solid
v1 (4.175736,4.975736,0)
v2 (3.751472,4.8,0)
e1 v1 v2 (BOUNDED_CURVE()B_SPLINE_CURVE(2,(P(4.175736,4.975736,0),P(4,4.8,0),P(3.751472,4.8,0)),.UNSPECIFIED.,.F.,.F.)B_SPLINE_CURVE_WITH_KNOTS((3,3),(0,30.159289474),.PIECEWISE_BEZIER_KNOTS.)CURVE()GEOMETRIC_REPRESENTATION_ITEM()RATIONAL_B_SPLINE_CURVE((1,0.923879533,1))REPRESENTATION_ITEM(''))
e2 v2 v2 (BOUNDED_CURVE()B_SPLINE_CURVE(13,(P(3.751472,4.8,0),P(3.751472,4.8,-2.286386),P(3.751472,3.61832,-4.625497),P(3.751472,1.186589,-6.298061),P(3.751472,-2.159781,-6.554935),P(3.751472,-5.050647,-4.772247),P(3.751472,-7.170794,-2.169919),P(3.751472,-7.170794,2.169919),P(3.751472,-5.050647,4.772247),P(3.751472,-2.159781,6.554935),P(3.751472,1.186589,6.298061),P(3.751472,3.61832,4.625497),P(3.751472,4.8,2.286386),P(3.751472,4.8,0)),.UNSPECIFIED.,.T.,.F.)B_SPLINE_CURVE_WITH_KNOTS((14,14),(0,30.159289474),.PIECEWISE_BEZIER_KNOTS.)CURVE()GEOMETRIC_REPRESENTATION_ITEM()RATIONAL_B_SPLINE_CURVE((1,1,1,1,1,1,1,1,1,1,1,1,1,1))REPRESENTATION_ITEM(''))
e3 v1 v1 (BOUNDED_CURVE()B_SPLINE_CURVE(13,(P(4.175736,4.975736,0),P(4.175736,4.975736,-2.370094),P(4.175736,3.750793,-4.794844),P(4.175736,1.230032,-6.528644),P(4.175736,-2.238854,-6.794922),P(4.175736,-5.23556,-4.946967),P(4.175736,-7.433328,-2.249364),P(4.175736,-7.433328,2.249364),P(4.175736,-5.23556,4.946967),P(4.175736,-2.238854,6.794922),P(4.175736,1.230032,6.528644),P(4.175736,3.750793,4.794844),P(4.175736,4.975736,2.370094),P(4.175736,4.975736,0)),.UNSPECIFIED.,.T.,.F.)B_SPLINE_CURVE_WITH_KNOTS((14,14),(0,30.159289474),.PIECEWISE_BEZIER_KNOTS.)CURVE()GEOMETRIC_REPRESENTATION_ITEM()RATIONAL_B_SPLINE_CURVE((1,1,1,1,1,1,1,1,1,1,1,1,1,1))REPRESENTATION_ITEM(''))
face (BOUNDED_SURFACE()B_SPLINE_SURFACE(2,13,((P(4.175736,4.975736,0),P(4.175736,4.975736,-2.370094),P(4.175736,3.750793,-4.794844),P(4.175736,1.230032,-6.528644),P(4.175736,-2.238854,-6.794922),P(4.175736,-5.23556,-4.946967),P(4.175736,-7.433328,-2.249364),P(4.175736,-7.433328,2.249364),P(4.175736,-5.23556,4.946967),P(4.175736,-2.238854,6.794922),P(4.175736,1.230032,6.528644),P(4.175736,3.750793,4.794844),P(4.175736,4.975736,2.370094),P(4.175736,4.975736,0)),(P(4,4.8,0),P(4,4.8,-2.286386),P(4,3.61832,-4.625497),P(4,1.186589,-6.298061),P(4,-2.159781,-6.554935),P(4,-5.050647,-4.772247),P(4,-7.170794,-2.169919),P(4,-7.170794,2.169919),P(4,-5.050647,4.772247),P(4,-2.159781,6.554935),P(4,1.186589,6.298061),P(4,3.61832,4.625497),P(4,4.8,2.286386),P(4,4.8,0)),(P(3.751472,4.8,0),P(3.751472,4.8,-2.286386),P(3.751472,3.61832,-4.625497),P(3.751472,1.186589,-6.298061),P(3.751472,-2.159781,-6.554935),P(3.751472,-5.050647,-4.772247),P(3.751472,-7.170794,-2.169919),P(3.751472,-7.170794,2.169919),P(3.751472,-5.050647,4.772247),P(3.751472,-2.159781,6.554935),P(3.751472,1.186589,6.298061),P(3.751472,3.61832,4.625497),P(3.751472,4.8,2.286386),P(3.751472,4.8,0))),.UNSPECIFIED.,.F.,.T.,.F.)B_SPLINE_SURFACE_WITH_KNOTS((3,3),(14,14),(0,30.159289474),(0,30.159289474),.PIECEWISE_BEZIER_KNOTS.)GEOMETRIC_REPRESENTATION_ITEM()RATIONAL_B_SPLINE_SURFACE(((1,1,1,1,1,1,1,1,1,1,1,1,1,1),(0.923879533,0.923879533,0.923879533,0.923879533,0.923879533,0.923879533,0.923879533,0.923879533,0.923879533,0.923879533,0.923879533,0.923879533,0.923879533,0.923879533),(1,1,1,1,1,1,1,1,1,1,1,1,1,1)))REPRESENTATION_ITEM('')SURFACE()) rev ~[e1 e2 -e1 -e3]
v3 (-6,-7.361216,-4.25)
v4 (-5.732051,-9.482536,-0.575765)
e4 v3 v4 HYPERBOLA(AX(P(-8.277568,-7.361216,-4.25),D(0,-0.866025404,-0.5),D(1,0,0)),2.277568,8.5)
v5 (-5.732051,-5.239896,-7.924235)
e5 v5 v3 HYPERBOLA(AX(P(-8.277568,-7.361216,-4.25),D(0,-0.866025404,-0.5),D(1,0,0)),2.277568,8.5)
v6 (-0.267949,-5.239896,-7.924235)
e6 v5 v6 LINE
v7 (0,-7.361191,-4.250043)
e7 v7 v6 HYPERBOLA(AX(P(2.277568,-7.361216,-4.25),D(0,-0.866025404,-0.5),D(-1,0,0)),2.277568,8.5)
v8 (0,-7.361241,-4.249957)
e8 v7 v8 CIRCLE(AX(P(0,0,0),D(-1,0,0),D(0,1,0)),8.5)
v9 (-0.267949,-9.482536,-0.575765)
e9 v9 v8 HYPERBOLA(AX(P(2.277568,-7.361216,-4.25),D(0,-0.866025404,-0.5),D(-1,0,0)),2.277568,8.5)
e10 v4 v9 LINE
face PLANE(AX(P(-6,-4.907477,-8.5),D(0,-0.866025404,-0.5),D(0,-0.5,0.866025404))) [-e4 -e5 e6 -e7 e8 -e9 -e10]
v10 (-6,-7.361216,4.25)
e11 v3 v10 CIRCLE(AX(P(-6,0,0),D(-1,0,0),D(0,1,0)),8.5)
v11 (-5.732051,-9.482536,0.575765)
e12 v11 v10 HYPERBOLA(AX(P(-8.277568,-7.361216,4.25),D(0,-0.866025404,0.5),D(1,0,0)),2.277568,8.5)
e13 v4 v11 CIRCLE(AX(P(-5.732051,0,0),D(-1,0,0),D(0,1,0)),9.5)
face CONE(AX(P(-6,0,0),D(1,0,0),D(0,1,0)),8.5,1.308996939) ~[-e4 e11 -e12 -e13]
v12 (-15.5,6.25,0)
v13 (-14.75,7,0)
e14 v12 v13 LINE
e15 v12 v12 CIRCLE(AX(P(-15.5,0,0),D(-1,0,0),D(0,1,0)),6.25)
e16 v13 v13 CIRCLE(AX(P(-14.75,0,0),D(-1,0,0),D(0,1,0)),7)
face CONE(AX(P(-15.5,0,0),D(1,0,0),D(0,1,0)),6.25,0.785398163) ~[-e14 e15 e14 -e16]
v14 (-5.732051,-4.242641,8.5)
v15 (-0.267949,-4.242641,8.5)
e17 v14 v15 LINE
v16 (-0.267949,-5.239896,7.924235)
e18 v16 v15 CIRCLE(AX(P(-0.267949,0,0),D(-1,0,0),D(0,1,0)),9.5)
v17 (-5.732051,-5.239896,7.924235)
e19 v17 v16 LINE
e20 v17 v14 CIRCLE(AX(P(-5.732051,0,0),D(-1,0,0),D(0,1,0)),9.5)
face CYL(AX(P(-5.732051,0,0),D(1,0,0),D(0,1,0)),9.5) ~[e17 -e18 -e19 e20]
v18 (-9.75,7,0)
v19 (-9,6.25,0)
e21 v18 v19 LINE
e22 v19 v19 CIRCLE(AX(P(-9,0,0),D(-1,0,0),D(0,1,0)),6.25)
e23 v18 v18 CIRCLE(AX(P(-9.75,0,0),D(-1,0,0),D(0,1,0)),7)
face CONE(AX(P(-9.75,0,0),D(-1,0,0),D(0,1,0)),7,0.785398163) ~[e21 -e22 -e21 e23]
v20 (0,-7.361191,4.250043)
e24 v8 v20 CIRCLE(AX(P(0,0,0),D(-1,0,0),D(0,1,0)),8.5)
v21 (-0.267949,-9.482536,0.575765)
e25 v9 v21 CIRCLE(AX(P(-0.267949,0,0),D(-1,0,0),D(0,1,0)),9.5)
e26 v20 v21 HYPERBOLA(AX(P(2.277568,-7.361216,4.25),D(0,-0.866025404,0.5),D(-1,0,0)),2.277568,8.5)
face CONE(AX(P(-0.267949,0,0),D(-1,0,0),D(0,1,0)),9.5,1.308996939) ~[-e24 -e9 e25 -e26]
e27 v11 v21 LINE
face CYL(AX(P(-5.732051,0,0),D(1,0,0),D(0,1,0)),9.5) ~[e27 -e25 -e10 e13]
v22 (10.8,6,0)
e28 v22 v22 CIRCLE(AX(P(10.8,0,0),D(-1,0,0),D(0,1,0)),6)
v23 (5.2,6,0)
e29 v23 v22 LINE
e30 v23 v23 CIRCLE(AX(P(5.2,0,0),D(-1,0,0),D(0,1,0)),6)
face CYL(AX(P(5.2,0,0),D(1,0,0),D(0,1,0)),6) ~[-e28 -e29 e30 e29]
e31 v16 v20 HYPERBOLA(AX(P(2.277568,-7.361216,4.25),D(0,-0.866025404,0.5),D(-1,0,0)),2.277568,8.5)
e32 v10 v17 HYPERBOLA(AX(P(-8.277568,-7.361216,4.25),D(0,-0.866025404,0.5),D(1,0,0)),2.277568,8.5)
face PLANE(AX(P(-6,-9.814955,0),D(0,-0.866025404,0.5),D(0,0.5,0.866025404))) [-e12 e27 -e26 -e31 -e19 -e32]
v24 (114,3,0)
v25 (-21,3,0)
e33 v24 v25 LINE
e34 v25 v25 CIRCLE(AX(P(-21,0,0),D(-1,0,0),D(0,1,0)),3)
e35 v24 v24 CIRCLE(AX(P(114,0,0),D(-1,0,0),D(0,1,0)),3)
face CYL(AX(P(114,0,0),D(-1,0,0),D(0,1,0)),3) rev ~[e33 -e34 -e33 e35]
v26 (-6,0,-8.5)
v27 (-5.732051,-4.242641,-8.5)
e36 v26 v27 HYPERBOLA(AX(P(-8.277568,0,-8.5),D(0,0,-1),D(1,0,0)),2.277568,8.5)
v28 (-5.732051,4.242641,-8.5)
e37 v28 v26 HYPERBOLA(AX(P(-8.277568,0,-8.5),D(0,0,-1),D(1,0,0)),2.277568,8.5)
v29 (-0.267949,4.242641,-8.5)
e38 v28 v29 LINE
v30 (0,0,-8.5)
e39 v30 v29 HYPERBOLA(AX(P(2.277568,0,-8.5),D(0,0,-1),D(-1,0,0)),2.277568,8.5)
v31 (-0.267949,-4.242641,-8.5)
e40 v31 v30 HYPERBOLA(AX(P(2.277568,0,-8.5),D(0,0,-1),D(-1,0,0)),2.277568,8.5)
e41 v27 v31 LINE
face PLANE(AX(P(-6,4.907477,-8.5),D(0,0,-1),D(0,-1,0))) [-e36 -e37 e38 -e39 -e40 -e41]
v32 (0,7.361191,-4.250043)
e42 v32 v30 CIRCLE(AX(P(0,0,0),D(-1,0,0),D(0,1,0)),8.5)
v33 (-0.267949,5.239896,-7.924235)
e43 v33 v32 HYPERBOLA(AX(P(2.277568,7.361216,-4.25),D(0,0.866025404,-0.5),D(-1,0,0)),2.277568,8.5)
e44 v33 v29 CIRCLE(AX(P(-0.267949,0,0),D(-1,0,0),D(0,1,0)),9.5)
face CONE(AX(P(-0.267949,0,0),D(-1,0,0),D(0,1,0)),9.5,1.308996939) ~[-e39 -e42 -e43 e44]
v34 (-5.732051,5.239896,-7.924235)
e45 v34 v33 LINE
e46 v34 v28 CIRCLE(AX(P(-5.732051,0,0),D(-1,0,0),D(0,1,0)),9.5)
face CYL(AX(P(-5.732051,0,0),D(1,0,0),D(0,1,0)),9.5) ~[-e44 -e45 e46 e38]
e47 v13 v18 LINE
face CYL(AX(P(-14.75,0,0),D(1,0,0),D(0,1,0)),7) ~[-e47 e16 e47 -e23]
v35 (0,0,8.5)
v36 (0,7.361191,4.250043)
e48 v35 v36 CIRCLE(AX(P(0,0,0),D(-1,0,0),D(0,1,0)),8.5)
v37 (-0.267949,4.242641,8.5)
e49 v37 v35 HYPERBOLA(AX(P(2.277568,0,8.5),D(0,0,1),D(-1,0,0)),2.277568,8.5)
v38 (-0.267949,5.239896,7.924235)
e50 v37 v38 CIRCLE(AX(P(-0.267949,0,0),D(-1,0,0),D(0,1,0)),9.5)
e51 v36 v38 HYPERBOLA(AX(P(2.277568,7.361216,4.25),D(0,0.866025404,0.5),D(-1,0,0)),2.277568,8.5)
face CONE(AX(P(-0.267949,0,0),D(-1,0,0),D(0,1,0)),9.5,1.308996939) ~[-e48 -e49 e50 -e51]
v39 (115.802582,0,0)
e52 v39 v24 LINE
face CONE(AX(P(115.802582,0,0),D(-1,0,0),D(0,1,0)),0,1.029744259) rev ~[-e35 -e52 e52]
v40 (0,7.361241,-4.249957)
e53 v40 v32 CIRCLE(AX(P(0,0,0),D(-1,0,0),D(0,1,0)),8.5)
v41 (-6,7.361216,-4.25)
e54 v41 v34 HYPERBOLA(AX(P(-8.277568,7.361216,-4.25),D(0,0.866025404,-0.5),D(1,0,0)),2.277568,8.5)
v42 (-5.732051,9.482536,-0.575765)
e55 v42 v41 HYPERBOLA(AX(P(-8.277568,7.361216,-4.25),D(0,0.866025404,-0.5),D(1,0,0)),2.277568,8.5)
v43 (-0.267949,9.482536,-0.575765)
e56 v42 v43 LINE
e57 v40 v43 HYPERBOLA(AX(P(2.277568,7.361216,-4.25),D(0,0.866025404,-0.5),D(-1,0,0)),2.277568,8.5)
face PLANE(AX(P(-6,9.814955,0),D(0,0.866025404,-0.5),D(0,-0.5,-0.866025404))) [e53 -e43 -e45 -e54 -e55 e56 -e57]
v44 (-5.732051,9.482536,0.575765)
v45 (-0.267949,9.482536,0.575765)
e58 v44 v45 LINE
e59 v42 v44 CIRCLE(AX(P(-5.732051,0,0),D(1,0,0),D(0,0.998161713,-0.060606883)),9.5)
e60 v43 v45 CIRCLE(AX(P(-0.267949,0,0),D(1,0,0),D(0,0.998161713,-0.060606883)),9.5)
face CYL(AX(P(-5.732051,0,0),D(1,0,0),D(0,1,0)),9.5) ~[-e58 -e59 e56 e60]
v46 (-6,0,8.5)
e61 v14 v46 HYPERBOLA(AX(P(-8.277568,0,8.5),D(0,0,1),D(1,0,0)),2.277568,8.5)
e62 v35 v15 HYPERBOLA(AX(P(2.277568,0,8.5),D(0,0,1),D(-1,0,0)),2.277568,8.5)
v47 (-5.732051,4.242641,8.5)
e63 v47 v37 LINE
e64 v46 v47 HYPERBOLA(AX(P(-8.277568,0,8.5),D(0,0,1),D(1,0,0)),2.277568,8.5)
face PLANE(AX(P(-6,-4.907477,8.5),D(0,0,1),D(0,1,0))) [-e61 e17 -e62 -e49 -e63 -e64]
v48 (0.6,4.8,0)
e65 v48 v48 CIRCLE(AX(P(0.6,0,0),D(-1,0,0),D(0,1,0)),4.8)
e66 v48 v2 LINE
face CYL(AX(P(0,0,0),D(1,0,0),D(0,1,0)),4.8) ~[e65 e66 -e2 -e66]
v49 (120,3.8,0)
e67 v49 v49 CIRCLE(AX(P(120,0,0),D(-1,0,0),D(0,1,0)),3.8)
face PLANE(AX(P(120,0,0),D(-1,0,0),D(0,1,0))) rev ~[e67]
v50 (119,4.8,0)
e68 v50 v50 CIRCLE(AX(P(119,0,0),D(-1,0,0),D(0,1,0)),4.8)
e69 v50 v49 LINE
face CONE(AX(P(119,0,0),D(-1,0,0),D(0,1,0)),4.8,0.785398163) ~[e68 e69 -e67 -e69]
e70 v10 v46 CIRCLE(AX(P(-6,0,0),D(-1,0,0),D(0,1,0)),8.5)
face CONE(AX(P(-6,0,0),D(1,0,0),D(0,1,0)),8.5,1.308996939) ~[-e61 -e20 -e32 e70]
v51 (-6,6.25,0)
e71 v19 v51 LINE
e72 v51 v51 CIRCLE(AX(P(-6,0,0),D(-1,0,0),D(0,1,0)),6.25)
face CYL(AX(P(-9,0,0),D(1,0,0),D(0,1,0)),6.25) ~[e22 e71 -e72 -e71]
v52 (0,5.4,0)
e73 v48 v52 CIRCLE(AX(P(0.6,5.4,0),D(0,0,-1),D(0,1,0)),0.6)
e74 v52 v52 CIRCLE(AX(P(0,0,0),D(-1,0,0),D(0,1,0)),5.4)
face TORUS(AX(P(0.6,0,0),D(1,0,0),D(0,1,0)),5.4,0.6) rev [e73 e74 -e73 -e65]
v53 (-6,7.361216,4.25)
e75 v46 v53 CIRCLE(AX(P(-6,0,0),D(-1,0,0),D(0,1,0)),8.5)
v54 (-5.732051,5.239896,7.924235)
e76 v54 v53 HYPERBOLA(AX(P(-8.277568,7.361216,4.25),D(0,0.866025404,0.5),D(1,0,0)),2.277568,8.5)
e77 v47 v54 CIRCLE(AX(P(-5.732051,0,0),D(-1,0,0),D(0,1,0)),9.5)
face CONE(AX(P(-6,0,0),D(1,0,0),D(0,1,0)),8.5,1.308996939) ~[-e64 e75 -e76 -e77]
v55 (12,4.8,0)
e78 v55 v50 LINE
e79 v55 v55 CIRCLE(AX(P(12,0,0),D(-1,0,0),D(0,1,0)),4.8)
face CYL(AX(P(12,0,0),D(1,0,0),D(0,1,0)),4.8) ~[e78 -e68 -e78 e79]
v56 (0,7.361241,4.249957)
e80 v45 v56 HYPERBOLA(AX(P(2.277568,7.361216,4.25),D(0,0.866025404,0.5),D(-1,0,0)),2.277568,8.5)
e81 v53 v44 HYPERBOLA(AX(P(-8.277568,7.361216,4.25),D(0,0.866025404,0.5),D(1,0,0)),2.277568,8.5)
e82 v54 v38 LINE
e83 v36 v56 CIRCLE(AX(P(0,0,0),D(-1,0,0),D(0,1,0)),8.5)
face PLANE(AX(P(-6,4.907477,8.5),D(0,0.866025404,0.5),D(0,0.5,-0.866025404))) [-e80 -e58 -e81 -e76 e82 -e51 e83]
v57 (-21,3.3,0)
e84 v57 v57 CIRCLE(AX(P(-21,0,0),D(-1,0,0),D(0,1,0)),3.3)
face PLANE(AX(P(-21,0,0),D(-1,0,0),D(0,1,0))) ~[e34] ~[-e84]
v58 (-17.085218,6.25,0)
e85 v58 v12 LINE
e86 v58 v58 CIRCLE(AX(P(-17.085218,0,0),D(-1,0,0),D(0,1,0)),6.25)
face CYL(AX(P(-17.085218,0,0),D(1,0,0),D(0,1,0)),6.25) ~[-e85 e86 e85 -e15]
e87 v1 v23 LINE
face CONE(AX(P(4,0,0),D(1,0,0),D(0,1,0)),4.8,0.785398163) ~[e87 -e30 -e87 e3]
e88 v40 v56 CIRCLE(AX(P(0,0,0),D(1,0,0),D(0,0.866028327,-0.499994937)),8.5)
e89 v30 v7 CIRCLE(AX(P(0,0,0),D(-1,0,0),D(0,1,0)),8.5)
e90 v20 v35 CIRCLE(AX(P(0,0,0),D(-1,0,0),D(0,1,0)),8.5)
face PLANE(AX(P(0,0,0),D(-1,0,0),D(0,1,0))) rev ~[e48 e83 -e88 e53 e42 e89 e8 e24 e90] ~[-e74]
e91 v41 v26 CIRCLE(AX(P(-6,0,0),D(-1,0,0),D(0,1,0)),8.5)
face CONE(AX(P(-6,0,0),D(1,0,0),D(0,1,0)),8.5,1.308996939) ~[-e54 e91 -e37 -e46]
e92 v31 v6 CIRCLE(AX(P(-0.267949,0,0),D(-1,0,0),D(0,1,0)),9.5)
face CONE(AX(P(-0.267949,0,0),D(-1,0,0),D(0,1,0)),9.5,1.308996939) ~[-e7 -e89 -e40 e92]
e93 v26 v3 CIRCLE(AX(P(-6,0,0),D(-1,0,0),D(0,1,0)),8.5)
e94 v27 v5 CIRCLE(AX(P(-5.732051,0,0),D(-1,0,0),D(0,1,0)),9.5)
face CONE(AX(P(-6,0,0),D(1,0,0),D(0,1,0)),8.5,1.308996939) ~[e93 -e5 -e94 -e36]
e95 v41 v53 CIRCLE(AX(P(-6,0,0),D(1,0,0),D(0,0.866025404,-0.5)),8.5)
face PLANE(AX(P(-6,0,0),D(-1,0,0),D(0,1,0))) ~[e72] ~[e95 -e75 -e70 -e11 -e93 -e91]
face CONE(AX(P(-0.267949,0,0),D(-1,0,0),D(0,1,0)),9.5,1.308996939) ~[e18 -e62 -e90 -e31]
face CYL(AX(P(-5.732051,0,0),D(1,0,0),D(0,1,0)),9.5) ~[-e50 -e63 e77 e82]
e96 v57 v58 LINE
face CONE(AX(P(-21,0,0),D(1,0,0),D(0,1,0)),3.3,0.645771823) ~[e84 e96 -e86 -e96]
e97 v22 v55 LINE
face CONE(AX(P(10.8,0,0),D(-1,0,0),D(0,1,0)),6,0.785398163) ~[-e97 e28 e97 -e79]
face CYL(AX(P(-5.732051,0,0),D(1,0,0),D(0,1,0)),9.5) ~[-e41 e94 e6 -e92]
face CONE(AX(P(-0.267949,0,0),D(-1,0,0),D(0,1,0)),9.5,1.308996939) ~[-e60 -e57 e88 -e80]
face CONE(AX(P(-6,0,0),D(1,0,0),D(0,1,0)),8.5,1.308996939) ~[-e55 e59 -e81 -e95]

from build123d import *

# Parameters (mm, degrees)
SKETCH_2_OUTSIDE_W  = 49.708
SKETCH_2_OUTSIDE_H  = 49.708
CUT_EXTRUDE_1_DEPTH = 127
CHAMFER_1_SIZE      = 1
FILLET_1_R          = 0.6


with BuildPart() as part:
    # Эскиз1 → Повернуть1 (revolve)
    with BuildSketch(Plane.XY):
        Polygon((0, 8.5), (0, 4.8), (4, 4.8), (5.2, 6), (10.8, 6), (12, 4.8), (120, 4.8), (120, 0), (115.802581857, 0), (114, 3), (-21, 3), (-21, 3.3), (-17.085217776, 6.25), (-15.5, 6.25), (-14.75, 7), (-9.75, 7), (-9, 6.25), (-6, 6.25), (-6, 8.5), (-5.732050808, 9.5), (-0.267949192, 9.5), align=None)
    revolve(axis=Axis((0, 0, 0), (-1, 0, 0)))

    # Эскиз2 outside → Вырез-Вытянуть1 (cut, through all)
    with BuildSketch(Plane.ZY.offset(6)):
        Rectangle(SKETCH_2_OUTSIDE_W, SKETCH_2_OUTSIDE_H)
        Polygon((0, 9.814954576), (-8.5, 4.907477288), (-8.5, -4.907477288), (0, -9.814954576), (8.5, -4.907477288), (8.5, 4.907477288), align=None, mode=Mode.SUBTRACT)
    extrude(amount=-CUT_EXTRUDE_1_DEPTH, mode=Mode.SUBTRACT)

    # Фаска1
    chamfer_1_edges = [part.edges().sort_by_distance(p)[0] for p in [
        (120, -4.8, 0),
    ]]
    chamfer(chamfer_1_edges, length=CHAMFER_1_SIZE)

    # Скругление1
    fillet_1_edges = [part.edges().sort_by_distance(p)[0] for p in [
        (4, -4.8, 0),
        (0, -4.8, 0),
    ]]
    fillet(fillet_1_edges, radius=FILLET_1_R)


solid = part.part
